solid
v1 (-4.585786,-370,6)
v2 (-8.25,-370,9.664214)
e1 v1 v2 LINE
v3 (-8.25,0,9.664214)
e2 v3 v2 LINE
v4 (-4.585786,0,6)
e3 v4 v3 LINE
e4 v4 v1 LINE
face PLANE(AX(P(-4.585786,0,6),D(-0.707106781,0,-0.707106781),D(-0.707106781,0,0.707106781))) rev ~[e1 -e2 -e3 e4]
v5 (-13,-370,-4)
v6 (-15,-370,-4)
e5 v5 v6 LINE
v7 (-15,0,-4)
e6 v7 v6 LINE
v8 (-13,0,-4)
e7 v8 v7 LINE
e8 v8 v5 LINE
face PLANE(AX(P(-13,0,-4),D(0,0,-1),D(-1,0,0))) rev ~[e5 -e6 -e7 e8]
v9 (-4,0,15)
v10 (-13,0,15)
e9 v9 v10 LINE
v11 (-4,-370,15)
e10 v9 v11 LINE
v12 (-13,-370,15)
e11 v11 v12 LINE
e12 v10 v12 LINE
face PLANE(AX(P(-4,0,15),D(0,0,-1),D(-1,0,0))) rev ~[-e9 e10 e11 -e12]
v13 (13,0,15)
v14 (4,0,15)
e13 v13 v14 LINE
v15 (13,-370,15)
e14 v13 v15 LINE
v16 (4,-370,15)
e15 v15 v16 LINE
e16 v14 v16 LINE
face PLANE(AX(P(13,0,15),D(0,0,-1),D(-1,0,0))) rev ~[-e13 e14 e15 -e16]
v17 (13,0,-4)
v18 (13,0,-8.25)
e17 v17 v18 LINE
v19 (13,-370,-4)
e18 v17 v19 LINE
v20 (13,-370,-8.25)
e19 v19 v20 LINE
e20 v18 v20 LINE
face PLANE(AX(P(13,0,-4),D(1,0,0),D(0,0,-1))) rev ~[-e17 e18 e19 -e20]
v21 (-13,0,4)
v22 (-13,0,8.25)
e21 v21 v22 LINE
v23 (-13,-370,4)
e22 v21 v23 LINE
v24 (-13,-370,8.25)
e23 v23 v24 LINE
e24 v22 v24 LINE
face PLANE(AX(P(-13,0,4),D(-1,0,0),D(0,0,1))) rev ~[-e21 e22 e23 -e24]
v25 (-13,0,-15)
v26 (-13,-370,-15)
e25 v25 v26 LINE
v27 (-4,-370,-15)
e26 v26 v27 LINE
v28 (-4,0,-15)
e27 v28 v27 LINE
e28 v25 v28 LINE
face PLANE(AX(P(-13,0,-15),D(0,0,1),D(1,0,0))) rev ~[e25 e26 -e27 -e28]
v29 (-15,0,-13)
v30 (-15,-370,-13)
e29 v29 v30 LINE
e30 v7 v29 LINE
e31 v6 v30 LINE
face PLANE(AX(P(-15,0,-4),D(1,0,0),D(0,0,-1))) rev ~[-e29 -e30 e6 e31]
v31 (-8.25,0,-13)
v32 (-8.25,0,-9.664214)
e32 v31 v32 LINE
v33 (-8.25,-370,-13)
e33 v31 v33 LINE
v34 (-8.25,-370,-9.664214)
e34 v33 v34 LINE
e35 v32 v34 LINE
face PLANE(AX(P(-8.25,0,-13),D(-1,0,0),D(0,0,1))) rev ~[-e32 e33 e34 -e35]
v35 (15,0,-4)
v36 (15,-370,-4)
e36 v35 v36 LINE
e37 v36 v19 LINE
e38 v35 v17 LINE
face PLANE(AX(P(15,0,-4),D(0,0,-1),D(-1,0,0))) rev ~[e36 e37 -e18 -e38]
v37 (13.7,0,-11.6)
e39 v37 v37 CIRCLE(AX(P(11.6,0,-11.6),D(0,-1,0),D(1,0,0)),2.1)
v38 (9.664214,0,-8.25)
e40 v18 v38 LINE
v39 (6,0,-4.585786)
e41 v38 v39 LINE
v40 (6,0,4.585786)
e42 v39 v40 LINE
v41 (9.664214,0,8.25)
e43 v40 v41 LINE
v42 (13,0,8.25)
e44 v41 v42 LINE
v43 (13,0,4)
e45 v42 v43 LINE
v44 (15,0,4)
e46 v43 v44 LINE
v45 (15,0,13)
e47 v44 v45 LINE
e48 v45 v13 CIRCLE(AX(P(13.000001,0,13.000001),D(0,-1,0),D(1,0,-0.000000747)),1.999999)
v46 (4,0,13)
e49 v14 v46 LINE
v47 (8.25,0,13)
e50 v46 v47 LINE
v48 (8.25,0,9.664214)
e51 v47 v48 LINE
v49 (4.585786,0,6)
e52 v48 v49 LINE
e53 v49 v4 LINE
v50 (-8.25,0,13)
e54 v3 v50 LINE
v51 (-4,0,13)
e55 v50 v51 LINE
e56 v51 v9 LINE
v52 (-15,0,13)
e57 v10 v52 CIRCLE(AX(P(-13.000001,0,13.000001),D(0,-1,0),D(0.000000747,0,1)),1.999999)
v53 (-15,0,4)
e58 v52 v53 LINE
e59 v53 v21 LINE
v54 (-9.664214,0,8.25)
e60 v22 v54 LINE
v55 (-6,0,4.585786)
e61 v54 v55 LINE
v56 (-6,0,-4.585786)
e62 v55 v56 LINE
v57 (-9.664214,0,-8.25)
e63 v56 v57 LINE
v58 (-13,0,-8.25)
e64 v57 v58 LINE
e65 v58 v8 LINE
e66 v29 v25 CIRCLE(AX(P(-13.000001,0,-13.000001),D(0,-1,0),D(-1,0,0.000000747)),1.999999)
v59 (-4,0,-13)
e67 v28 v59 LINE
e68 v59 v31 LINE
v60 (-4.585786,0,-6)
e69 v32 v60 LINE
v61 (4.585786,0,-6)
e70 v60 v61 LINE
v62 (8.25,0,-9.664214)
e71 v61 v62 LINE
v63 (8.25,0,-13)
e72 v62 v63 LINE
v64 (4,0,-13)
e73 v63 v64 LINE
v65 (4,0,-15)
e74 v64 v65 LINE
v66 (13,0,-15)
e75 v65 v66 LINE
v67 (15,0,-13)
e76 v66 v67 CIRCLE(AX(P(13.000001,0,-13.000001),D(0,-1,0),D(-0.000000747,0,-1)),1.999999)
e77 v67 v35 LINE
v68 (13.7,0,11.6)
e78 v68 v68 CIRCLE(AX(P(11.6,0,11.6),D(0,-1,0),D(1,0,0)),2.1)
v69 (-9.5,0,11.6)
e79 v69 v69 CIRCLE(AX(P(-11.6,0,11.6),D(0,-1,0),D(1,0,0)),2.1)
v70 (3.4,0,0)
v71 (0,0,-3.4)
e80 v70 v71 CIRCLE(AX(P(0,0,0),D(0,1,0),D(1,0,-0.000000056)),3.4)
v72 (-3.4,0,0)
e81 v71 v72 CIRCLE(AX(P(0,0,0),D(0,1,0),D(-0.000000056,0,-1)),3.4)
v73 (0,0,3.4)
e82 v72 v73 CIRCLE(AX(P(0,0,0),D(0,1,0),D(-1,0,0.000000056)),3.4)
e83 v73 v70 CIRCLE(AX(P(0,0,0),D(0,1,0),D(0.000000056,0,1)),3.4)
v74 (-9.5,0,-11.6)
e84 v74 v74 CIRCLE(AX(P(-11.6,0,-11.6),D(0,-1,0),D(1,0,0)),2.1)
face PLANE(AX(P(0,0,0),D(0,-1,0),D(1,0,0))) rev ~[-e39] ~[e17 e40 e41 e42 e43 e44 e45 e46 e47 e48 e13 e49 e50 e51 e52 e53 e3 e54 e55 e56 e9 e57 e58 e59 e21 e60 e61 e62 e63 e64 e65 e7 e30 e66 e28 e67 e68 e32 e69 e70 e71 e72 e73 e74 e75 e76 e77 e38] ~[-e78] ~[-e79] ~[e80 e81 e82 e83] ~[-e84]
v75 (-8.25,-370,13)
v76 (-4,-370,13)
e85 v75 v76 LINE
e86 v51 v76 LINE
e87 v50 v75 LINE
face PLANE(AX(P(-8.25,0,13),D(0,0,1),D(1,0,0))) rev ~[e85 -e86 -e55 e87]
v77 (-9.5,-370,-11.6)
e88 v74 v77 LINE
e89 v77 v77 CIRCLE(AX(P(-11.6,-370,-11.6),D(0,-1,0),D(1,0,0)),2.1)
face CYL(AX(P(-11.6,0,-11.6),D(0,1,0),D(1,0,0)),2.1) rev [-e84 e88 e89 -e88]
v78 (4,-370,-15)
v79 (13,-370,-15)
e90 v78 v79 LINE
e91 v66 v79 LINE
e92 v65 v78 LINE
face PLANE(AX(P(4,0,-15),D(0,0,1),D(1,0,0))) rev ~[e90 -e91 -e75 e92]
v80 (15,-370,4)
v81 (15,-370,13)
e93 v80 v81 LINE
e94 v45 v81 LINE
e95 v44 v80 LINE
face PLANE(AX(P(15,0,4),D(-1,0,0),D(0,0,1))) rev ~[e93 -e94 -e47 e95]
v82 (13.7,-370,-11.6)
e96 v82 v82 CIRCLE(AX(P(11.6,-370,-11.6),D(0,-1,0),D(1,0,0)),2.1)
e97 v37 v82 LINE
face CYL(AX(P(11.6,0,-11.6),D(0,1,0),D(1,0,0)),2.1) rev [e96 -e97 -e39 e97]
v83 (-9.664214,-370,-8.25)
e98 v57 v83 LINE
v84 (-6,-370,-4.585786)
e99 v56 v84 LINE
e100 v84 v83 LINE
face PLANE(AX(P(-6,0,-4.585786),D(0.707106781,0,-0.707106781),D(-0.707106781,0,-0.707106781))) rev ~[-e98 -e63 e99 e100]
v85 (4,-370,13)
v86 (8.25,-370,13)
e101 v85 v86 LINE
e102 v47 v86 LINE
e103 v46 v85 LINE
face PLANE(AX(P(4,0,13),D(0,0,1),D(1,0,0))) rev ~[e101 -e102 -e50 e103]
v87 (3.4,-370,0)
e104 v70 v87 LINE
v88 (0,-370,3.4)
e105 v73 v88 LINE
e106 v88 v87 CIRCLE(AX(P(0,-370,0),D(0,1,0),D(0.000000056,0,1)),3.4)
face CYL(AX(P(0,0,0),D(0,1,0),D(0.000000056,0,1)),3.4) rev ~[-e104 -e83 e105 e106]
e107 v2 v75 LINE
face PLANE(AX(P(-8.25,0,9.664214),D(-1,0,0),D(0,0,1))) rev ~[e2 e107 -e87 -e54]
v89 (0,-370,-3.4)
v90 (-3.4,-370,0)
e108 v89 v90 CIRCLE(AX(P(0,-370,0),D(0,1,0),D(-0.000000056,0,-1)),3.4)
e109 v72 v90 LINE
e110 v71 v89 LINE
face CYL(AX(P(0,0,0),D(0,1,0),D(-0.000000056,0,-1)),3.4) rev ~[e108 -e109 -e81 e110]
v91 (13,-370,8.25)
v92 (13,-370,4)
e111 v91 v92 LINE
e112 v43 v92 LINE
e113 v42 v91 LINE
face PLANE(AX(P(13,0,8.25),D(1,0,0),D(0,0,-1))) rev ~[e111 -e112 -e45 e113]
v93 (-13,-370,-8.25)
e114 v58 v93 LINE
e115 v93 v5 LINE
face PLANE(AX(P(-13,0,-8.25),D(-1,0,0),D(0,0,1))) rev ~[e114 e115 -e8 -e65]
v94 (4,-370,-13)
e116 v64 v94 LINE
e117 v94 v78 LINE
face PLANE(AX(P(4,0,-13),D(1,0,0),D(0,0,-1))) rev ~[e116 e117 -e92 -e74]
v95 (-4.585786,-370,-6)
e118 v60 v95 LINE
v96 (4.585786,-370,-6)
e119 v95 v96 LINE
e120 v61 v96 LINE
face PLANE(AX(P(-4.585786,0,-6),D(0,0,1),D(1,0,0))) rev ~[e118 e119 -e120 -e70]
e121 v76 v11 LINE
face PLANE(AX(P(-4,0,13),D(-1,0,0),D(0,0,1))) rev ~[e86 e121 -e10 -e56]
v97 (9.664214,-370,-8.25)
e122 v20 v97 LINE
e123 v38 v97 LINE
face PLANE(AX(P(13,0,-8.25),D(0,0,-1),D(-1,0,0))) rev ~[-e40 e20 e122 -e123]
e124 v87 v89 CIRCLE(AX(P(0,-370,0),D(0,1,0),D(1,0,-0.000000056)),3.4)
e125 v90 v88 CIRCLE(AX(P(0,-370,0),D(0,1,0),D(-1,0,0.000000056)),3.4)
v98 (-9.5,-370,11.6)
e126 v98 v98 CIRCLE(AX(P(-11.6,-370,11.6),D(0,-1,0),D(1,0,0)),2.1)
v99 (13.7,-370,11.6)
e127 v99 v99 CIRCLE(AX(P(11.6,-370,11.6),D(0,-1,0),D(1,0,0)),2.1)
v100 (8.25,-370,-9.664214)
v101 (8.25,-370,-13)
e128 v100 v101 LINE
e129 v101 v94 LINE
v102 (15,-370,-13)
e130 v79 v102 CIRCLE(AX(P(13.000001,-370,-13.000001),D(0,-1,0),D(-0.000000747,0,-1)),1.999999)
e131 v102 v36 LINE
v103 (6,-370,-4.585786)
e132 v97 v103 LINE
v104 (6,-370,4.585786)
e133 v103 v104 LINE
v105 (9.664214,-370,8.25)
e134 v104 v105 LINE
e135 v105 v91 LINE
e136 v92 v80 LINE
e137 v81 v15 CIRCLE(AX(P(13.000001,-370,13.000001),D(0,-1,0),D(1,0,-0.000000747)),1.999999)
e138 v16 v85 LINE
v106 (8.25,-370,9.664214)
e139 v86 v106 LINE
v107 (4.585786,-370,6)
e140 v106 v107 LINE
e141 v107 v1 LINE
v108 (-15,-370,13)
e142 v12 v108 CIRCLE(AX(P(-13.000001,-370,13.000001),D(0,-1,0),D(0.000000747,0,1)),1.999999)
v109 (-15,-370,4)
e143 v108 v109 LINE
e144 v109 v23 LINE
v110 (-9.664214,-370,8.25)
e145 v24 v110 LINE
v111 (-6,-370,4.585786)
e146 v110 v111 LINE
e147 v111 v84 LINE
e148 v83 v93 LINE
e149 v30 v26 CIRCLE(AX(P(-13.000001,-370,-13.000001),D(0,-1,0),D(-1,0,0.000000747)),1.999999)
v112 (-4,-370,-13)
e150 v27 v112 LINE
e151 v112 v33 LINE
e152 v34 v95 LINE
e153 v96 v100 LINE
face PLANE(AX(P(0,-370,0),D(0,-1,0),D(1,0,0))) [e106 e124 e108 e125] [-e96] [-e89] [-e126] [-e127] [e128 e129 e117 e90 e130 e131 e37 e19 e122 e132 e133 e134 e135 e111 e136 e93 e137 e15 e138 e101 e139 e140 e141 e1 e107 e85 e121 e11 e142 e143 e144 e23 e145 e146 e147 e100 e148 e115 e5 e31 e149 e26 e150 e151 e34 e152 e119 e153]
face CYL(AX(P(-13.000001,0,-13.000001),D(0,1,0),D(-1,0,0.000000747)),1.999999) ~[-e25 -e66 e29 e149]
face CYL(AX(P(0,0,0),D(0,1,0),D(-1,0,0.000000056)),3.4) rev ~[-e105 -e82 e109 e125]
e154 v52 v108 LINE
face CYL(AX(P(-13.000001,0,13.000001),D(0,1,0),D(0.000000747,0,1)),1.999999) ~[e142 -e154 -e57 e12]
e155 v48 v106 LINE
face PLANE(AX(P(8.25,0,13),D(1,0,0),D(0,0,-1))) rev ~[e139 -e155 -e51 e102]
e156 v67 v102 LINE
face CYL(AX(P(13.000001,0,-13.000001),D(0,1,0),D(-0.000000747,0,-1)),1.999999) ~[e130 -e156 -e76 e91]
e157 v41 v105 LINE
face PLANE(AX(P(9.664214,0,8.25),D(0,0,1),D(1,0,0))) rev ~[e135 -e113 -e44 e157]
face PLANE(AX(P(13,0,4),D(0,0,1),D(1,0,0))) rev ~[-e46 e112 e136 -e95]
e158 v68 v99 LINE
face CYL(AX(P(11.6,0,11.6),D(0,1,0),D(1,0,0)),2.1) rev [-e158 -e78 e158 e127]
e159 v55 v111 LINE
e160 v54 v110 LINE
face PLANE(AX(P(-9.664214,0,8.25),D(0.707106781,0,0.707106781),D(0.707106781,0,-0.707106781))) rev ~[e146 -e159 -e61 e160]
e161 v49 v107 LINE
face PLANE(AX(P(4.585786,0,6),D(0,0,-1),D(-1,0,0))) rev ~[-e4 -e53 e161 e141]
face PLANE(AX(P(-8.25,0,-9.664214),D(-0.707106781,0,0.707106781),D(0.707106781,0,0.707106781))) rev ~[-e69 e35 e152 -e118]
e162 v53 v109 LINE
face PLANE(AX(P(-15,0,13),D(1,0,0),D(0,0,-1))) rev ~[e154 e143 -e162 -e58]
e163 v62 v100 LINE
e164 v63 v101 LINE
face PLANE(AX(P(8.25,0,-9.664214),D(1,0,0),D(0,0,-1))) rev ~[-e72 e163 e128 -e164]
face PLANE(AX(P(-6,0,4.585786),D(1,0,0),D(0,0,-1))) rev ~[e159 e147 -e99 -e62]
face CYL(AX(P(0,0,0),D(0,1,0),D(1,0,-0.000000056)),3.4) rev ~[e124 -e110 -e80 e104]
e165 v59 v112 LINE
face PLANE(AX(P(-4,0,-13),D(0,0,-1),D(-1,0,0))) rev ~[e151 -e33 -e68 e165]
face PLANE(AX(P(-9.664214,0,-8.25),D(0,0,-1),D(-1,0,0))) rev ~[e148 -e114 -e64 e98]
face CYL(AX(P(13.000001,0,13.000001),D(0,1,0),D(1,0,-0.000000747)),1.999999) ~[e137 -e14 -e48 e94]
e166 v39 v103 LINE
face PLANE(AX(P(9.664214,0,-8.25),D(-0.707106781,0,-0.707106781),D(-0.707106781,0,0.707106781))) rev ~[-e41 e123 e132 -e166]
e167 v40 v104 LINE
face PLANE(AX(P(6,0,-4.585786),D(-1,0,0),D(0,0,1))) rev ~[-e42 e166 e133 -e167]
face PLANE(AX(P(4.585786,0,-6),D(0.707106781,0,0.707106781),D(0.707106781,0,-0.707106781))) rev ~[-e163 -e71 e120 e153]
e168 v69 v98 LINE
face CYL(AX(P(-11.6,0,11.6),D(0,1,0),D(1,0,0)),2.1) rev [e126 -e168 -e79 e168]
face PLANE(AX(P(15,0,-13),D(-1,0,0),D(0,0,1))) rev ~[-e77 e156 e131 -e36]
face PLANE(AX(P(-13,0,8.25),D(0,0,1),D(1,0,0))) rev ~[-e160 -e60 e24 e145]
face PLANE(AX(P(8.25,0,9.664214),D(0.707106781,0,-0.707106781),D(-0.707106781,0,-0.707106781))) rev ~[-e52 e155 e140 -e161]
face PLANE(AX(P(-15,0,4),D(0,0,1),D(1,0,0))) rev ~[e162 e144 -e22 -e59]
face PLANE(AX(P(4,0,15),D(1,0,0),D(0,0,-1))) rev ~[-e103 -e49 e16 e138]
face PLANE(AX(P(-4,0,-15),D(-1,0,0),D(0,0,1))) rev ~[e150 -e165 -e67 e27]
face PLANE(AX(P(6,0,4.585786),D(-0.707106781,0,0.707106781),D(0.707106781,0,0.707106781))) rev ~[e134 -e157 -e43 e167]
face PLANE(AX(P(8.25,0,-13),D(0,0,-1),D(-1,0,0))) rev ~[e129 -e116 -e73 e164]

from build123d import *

# Parameters (mm, degrees)
F0_R     = 2.1
F1_DEPTH = 370


with BuildPart() as f1:
    # F0 (on Front) → F1 (new body)
    with BuildSketch(Plane.XZ):
        with BuildLine():
            Line((4.585786, 6), (0, 6))
            Line((0, 6), (-4.585786, 6))
            Line((-4.585786, 6), (-8.25, 9.664214))
            Line((-8.25, 9.664214), (-8.25, 13))
            Line((-8.25, 13), (-4, 13))
            Line((-4, 13), (-4, 15))
            Line((-4, 15), (-13, 15))
            ThreePointArc((-13, 15), (-14.414214, 14.414214), (-15, 13))
            Line((-15, 13), (-15, 4))
            Line((-15, 4), (-13, 4))
            Line((-13, 4), (-13, 8.25))
            Line((-13, 8.25), (-9.664214, 8.25))
            Line((-9.664214, 8.25), (-6, 4.585786))
            Line((-6, 4.585786), (-6, 0))
            Line((-6, 0), (-6, -4.585786))
            Line((-6, -4.585786), (-9.664214, -8.25))
            Line((-9.664214, -8.25), (-13, -8.25))
            Line((-13, -8.25), (-13, -4))
            Line((-13, -4), (-15, -4))
            Line((-15, -4), (-15, -13))
            ThreePointArc((-15, -13), (-14.414214, -14.414214), (-13, -15))
            Line((-13, -15), (-4, -15))
            Line((-4, -15), (-4, -13))
            Line((-4, -13), (-8.25, -13))
            Line((-8.25, -13), (-8.25, -9.664214))
            Line((-8.25, -9.664214), (-4.585786, -6))
            Line((-4.585786, -6), (0, -6))
            Line((0, -6), (4.585786, -6))
            Line((4.585786, -6), (8.25, -9.664214))
            Line((8.25, -9.664214), (8.25, -13))
            Line((8.25, -13), (4, -13))
            Line((4, -13), (4, -15))
            Line((4, -15), (13, -15))
            ThreePointArc((13, -15), (14.414214, -14.414214), (15, -13))
            Line((15, -13), (15, -4))
            Line((15, -4), (13, -4))
            Line((13, -4), (13, -8.25))
            Line((13, -8.25), (9.664214, -8.25))
            Line((9.664214, -8.25), (6, -4.585786))
            Line((6, -4.585786), (6, 0))
            Line((6, 0), (6, 4.585786))
            Line((6, 4.585786), (9.664214, 8.25))
            Line((9.664214, 8.25), (13, 8.25))
            Line((13, 8.25), (13, 4))
            Line((13, 4), (15, 4))
            Line((15, 4), (15, 13))
            ThreePointArc((15, 13), (14.414214, 14.414214), (13, 15))
            Line((13, 15), (4, 15))
            Line((4, 15), (4, 13))
            Line((4, 13), (8.25, 13))
            Line((8.25, 13), (8.25, 9.664214))
            Line((8.25, 9.664214), (4.585786, 6))
        make_face()
        with Locations((-11.6, -11.6)):
            Circle(F0_R, mode=Mode.SUBTRACT)
        with Locations((11.6, -11.6)):
            Circle(F0_R, mode=Mode.SUBTRACT)
        with Locations((-11.6, 11.6)):
            Circle(F0_R, mode=Mode.SUBTRACT)
        with BuildLine():
            ThreePointArc((-3.4, 0), (-2.404163, 2.404163), (0, 3.4))
            ThreePointArc((0, 3.4), (2.404163, 2.404163), (3.4, 0))
            ThreePointArc((3.4, 0), (2.404163, -2.404163), (0, -3.4))
            ThreePointArc((0, -3.4), (-2.404163, -2.404163), (-3.4, 0))
        make_face(mode=Mode.SUBTRACT)
        with Locations((11.6, 11.6)):
            Circle(F0_R, mode=Mode.SUBTRACT)
    extrude(amount=F1_DEPTH)


solid = f1.part
